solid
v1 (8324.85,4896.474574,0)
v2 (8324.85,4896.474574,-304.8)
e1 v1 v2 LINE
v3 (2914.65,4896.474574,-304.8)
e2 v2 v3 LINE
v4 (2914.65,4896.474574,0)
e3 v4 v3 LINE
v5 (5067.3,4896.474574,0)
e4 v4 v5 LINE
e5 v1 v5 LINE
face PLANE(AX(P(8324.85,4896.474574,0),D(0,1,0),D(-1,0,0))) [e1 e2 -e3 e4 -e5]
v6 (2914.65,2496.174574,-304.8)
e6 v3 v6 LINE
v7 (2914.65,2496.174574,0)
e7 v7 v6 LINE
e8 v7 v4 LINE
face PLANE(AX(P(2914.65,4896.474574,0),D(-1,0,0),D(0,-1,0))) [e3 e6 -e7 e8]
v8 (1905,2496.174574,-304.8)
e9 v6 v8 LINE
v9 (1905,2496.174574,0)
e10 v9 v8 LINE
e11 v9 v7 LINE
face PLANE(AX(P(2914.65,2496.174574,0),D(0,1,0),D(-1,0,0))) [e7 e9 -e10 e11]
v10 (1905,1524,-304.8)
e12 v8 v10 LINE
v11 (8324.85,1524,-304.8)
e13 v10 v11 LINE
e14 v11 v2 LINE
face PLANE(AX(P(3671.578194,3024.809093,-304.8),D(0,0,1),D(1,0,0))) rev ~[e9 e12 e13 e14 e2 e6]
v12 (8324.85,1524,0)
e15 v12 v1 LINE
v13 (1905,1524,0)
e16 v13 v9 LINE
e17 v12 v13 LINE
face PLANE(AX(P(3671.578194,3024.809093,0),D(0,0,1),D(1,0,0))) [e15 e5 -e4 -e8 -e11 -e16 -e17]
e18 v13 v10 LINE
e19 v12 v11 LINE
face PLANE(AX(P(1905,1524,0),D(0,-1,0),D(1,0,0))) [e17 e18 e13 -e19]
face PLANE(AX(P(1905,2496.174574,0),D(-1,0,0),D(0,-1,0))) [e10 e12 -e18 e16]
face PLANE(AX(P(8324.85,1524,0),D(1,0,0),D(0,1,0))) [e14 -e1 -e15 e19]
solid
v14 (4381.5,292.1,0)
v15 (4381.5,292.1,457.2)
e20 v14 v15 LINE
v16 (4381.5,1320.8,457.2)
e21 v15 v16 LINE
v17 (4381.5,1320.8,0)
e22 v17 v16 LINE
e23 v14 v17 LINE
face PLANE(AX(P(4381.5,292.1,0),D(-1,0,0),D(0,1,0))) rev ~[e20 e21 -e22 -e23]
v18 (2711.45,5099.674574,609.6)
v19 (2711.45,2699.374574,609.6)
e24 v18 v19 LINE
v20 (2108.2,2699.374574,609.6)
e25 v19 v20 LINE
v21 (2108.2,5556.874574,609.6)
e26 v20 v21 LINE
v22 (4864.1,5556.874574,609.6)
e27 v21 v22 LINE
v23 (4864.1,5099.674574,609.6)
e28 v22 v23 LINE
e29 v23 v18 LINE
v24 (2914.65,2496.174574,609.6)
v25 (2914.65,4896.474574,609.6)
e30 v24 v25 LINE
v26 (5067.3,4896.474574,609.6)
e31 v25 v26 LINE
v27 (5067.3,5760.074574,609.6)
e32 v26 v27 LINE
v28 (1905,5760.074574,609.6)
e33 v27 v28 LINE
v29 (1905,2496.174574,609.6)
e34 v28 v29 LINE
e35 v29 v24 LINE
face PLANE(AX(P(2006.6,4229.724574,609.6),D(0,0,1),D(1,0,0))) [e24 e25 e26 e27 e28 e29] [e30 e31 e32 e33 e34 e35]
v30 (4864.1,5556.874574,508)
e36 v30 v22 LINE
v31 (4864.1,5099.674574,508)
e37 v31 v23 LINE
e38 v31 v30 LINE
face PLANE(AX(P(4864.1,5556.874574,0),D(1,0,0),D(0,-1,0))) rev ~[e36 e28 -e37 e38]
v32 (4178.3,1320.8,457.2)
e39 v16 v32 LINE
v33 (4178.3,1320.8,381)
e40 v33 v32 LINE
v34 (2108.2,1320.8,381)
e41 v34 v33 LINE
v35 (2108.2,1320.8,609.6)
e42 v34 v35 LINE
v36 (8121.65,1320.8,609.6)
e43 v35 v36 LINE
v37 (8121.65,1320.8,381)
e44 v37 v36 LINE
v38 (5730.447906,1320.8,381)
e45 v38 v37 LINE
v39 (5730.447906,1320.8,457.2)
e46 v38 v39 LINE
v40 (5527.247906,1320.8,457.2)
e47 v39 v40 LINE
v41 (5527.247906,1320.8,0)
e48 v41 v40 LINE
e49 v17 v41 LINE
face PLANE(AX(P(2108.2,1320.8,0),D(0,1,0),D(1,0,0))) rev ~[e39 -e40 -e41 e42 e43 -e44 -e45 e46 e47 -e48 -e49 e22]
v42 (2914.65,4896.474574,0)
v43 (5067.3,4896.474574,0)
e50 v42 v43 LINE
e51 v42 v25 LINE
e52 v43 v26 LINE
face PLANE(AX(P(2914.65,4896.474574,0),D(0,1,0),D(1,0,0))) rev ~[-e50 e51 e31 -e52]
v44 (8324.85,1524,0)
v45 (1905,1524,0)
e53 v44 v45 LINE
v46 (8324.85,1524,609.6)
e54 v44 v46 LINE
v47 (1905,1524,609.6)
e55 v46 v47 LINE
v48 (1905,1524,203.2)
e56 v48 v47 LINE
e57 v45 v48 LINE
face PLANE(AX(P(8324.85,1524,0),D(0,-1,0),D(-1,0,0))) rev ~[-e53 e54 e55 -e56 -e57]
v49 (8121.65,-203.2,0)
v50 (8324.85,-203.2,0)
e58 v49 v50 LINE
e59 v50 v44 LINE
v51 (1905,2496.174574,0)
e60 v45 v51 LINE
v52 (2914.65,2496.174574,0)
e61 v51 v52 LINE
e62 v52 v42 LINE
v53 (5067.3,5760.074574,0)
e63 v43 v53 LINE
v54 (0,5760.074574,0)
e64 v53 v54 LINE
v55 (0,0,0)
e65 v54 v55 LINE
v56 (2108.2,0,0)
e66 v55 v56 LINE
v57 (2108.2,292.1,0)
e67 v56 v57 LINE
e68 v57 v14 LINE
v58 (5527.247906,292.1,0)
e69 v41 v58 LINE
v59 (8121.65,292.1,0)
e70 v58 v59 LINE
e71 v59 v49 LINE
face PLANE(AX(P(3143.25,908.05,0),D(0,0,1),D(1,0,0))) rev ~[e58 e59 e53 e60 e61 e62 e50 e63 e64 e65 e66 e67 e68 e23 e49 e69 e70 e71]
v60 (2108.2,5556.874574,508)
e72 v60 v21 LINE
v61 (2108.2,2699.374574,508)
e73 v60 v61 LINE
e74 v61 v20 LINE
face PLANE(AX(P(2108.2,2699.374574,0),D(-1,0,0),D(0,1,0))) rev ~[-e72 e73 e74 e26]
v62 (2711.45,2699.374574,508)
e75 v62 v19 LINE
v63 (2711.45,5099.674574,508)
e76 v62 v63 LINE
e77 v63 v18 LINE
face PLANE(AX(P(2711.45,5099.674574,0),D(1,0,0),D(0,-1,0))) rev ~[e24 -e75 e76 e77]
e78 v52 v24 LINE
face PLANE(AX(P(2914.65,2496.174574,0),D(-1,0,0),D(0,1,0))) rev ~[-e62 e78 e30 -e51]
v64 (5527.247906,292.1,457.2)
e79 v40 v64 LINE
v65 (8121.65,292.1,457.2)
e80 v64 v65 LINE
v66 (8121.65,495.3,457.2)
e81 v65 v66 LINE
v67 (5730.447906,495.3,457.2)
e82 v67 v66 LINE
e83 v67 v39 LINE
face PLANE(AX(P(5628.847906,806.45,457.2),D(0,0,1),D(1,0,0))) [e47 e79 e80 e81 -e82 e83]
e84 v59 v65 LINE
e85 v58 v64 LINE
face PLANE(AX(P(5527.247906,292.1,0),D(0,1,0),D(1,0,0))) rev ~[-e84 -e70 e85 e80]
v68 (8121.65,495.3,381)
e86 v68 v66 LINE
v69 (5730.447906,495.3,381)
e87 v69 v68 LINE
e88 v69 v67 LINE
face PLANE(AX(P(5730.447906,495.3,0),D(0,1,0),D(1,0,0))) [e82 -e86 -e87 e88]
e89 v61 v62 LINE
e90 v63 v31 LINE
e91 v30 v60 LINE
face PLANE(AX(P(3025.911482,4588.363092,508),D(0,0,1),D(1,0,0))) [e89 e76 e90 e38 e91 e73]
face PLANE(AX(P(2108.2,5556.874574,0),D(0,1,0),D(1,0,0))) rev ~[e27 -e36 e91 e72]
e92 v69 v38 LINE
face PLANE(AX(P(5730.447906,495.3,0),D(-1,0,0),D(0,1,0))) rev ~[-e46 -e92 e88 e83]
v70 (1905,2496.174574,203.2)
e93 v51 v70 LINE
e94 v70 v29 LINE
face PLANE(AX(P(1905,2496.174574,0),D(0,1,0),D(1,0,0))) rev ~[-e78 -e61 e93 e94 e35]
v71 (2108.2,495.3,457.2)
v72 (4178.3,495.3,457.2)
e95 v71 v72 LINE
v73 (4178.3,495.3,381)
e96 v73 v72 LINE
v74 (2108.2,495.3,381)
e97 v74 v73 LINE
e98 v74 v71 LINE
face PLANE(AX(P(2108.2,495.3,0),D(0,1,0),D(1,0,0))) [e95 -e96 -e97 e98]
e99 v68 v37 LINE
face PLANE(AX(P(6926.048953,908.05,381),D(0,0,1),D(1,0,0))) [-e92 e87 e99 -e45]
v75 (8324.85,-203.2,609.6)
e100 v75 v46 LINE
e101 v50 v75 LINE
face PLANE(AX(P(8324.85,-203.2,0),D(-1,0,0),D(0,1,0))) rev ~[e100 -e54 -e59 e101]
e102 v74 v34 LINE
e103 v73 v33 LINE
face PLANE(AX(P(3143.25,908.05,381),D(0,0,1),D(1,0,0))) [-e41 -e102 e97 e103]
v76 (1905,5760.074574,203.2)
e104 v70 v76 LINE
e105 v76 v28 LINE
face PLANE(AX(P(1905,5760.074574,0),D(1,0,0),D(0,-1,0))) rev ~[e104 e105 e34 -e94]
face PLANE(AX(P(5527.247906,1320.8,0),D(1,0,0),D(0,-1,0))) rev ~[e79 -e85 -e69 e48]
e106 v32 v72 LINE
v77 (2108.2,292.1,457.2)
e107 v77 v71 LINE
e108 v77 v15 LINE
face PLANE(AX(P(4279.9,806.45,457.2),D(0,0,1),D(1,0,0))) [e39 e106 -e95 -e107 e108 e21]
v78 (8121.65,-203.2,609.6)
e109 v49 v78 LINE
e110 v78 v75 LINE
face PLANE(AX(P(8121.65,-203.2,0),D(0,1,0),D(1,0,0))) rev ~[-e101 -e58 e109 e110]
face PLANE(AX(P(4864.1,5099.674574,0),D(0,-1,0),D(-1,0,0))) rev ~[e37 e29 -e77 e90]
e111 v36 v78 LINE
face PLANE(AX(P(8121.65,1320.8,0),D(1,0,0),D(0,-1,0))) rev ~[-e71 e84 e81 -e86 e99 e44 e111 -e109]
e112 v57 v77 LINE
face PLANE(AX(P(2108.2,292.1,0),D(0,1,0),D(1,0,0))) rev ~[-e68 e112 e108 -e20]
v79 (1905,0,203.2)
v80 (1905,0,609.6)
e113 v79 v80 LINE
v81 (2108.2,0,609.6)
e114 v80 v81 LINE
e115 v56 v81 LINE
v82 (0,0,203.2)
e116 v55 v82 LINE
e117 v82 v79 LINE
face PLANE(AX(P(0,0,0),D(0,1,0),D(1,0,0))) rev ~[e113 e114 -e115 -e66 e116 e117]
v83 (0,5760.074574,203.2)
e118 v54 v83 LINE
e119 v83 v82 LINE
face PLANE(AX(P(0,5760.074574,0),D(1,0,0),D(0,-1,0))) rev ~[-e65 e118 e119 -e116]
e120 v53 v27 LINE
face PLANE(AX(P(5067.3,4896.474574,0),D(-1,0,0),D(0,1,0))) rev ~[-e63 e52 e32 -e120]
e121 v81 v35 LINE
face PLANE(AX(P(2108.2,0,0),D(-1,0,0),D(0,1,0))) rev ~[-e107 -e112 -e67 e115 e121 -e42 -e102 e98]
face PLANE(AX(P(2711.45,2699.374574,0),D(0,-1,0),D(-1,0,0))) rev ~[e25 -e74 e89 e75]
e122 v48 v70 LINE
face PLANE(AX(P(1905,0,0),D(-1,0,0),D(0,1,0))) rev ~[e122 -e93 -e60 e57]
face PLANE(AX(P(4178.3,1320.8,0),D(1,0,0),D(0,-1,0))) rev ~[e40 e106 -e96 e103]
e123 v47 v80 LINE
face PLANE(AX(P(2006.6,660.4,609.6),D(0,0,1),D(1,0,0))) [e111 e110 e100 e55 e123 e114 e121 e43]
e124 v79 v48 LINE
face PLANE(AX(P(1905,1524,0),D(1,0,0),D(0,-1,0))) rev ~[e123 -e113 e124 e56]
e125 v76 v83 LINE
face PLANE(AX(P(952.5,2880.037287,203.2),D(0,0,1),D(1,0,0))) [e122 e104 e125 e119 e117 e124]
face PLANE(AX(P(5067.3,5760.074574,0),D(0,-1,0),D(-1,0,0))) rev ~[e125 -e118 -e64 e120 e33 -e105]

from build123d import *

# Parameters (mm, degrees)
F1_DEPTH = 203.2
F0_W     = 1949.45
F0_H     = 203.2
F2_DEPTH = 609.6
F0_W_2   = 2070.1
F0_W_3   = 2391.2020942688
F3_DEPTH = 457.2
F0_W_4   = 3257.55
F0_H_2   = 3372.4745738983
F4_DEPTH = 304.8
F5_DEPTH = 508
F0_H_3   = 825.5
F6_DEPTH = 381


with BuildPart() as f1:
    # F0 (on Top) → F1 (new body)
    with BuildSketch(Plane.XY):
        Polygon((0, 5760.0745738983), (0, 0), (1905, 0), (1905, 1320.8), (1905, 1524), (1905, 2496.1745738983), (1905, 2699.3745738983), (1905, 5760.0745738983), align=None)
    extrude(amount=F1_DEPTH)

    # F0 (on Top) → F2 (join)
    with BuildSketch(Plane.XY):
        Polygon((2108.2, 5760.0745738983), (1905, 5760.0745738983), (1905, 2699.3745738983), (2108.2, 2699.3745738983), (2108.2, 5556.8745738983), align=None)
        Polygon((5067.3, 5760.0745738983), (2108.2, 5760.0745738983), (2108.2, 5556.8745738983), (4864.1, 5556.8745738983), (5067.3, 5556.8745738983), align=None)
        Polygon((2711.45, 5099.6745738983), (2711.45, 2699.3745738983), (2914.65, 2699.3745738983), (2914.65, 4896.4745738983), (2914.65, 5099.6745738983), align=None)
        with Locations((3889.375, 4998.0745738983)):
            Rectangle(F0_W, F0_H)
        Polygon((4864.1, 4896.4745738983), (5067.3, 4896.4745738983), (5067.3, 5556.8745738983), (4864.1, 5556.8745738983), (4864.1, 5099.6745738983), align=None)
        Polygon((2108.2, 2699.3745738983), (1905, 2699.3745738983), (1905, 2496.1745738983), (2914.65, 2496.1745738983), (2914.65, 2699.3745738983), (2711.45, 2699.3745738983), align=None)
        Polygon((1905, 1320.8), (1905, 0), (2108.2, 0), (2108.2, 292.1), (2108.2, 495.3), (2108.2, 1320.8), align=None)
        Polygon((1905, 1524), (1905, 1320.8), (2108.2, 1320.8), (4178.3, 1320.8), (4381.5, 1320.8), (5527.2479057312, 1320.8), (5730.4479057312, 1320.8), (8121.65, 1320.8), (8324.85, 1320.8), (8324.85, 1524), (5067.3, 1524), align=None)
        Polygon((8324.85, -203.2), (8324.85, 1320.8), (8121.65, 1320.8), (8121.65, 495.3), (8121.65, 292.1), (8121.65, -203.2), align=None)
    extrude(amount=F2_DEPTH)

    # F0 (on Top) → F3 (join)
    with BuildSketch(Plane.XY):
        Polygon((4381.5, 1320.8), (4178.3, 1320.8), (4178.3, 495.3), (4178.3, 292.1), (4381.5, 292.1), align=None)
        with Locations((3143.25, 393.7)):
            Rectangle(F0_W_2, F0_H)
        Polygon((5730.4479057312, 1320.8), (5527.2479057312, 1320.8), (5527.2479057312, 292.1), (5730.4479057312, 292.1), (5730.4479057312, 495.3), align=None)
        with Locations((6926.0489528656, 393.7)):
            Rectangle(F0_W_3, F0_H)
    extrude(amount=F3_DEPTH)

    # F0 (on Top) → F4 (join)
    with BuildSketch(Plane.XY):
        Polygon((1905, 2496.1745738983), (1905, 1524), (5067.3, 1524), (5067.3, 4896.4745738983), (4864.1, 4896.4745738983), (2914.65, 4896.4745738983), (2914.65, 2699.3745738983), (2914.65, 2496.1745738983), align=None)
        with Locations((6696.075, 3210.2372869492)):
            Rectangle(F0_W_4, F0_H_2)
    extrude(amount=-F4_DEPTH)

    # F0 (on Top) → F5 (join)
    with BuildSketch(Plane.XY):
        Polygon((2108.2, 5556.8745738983), (2108.2, 2699.3745738983), (2711.45, 2699.3745738983), (2711.45, 5099.6745738983), (2914.65, 5099.6745738983), (4864.1, 5099.6745738983), (4864.1, 5556.8745738983), align=None)
    extrude(amount=F5_DEPTH)

    # F0 (on Top) → F6 (join)
    with BuildSketch(Plane.XY):
        with Locations((3143.25, 908.05)):
            Rectangle(F0_W_2, F0_H_3)
        with Locations((6926.0489528656, 908.05)):
            Rectangle(F0_W_3, F0_H_3)
    extrude(amount=F6_DEPTH)


solid = f1.part
